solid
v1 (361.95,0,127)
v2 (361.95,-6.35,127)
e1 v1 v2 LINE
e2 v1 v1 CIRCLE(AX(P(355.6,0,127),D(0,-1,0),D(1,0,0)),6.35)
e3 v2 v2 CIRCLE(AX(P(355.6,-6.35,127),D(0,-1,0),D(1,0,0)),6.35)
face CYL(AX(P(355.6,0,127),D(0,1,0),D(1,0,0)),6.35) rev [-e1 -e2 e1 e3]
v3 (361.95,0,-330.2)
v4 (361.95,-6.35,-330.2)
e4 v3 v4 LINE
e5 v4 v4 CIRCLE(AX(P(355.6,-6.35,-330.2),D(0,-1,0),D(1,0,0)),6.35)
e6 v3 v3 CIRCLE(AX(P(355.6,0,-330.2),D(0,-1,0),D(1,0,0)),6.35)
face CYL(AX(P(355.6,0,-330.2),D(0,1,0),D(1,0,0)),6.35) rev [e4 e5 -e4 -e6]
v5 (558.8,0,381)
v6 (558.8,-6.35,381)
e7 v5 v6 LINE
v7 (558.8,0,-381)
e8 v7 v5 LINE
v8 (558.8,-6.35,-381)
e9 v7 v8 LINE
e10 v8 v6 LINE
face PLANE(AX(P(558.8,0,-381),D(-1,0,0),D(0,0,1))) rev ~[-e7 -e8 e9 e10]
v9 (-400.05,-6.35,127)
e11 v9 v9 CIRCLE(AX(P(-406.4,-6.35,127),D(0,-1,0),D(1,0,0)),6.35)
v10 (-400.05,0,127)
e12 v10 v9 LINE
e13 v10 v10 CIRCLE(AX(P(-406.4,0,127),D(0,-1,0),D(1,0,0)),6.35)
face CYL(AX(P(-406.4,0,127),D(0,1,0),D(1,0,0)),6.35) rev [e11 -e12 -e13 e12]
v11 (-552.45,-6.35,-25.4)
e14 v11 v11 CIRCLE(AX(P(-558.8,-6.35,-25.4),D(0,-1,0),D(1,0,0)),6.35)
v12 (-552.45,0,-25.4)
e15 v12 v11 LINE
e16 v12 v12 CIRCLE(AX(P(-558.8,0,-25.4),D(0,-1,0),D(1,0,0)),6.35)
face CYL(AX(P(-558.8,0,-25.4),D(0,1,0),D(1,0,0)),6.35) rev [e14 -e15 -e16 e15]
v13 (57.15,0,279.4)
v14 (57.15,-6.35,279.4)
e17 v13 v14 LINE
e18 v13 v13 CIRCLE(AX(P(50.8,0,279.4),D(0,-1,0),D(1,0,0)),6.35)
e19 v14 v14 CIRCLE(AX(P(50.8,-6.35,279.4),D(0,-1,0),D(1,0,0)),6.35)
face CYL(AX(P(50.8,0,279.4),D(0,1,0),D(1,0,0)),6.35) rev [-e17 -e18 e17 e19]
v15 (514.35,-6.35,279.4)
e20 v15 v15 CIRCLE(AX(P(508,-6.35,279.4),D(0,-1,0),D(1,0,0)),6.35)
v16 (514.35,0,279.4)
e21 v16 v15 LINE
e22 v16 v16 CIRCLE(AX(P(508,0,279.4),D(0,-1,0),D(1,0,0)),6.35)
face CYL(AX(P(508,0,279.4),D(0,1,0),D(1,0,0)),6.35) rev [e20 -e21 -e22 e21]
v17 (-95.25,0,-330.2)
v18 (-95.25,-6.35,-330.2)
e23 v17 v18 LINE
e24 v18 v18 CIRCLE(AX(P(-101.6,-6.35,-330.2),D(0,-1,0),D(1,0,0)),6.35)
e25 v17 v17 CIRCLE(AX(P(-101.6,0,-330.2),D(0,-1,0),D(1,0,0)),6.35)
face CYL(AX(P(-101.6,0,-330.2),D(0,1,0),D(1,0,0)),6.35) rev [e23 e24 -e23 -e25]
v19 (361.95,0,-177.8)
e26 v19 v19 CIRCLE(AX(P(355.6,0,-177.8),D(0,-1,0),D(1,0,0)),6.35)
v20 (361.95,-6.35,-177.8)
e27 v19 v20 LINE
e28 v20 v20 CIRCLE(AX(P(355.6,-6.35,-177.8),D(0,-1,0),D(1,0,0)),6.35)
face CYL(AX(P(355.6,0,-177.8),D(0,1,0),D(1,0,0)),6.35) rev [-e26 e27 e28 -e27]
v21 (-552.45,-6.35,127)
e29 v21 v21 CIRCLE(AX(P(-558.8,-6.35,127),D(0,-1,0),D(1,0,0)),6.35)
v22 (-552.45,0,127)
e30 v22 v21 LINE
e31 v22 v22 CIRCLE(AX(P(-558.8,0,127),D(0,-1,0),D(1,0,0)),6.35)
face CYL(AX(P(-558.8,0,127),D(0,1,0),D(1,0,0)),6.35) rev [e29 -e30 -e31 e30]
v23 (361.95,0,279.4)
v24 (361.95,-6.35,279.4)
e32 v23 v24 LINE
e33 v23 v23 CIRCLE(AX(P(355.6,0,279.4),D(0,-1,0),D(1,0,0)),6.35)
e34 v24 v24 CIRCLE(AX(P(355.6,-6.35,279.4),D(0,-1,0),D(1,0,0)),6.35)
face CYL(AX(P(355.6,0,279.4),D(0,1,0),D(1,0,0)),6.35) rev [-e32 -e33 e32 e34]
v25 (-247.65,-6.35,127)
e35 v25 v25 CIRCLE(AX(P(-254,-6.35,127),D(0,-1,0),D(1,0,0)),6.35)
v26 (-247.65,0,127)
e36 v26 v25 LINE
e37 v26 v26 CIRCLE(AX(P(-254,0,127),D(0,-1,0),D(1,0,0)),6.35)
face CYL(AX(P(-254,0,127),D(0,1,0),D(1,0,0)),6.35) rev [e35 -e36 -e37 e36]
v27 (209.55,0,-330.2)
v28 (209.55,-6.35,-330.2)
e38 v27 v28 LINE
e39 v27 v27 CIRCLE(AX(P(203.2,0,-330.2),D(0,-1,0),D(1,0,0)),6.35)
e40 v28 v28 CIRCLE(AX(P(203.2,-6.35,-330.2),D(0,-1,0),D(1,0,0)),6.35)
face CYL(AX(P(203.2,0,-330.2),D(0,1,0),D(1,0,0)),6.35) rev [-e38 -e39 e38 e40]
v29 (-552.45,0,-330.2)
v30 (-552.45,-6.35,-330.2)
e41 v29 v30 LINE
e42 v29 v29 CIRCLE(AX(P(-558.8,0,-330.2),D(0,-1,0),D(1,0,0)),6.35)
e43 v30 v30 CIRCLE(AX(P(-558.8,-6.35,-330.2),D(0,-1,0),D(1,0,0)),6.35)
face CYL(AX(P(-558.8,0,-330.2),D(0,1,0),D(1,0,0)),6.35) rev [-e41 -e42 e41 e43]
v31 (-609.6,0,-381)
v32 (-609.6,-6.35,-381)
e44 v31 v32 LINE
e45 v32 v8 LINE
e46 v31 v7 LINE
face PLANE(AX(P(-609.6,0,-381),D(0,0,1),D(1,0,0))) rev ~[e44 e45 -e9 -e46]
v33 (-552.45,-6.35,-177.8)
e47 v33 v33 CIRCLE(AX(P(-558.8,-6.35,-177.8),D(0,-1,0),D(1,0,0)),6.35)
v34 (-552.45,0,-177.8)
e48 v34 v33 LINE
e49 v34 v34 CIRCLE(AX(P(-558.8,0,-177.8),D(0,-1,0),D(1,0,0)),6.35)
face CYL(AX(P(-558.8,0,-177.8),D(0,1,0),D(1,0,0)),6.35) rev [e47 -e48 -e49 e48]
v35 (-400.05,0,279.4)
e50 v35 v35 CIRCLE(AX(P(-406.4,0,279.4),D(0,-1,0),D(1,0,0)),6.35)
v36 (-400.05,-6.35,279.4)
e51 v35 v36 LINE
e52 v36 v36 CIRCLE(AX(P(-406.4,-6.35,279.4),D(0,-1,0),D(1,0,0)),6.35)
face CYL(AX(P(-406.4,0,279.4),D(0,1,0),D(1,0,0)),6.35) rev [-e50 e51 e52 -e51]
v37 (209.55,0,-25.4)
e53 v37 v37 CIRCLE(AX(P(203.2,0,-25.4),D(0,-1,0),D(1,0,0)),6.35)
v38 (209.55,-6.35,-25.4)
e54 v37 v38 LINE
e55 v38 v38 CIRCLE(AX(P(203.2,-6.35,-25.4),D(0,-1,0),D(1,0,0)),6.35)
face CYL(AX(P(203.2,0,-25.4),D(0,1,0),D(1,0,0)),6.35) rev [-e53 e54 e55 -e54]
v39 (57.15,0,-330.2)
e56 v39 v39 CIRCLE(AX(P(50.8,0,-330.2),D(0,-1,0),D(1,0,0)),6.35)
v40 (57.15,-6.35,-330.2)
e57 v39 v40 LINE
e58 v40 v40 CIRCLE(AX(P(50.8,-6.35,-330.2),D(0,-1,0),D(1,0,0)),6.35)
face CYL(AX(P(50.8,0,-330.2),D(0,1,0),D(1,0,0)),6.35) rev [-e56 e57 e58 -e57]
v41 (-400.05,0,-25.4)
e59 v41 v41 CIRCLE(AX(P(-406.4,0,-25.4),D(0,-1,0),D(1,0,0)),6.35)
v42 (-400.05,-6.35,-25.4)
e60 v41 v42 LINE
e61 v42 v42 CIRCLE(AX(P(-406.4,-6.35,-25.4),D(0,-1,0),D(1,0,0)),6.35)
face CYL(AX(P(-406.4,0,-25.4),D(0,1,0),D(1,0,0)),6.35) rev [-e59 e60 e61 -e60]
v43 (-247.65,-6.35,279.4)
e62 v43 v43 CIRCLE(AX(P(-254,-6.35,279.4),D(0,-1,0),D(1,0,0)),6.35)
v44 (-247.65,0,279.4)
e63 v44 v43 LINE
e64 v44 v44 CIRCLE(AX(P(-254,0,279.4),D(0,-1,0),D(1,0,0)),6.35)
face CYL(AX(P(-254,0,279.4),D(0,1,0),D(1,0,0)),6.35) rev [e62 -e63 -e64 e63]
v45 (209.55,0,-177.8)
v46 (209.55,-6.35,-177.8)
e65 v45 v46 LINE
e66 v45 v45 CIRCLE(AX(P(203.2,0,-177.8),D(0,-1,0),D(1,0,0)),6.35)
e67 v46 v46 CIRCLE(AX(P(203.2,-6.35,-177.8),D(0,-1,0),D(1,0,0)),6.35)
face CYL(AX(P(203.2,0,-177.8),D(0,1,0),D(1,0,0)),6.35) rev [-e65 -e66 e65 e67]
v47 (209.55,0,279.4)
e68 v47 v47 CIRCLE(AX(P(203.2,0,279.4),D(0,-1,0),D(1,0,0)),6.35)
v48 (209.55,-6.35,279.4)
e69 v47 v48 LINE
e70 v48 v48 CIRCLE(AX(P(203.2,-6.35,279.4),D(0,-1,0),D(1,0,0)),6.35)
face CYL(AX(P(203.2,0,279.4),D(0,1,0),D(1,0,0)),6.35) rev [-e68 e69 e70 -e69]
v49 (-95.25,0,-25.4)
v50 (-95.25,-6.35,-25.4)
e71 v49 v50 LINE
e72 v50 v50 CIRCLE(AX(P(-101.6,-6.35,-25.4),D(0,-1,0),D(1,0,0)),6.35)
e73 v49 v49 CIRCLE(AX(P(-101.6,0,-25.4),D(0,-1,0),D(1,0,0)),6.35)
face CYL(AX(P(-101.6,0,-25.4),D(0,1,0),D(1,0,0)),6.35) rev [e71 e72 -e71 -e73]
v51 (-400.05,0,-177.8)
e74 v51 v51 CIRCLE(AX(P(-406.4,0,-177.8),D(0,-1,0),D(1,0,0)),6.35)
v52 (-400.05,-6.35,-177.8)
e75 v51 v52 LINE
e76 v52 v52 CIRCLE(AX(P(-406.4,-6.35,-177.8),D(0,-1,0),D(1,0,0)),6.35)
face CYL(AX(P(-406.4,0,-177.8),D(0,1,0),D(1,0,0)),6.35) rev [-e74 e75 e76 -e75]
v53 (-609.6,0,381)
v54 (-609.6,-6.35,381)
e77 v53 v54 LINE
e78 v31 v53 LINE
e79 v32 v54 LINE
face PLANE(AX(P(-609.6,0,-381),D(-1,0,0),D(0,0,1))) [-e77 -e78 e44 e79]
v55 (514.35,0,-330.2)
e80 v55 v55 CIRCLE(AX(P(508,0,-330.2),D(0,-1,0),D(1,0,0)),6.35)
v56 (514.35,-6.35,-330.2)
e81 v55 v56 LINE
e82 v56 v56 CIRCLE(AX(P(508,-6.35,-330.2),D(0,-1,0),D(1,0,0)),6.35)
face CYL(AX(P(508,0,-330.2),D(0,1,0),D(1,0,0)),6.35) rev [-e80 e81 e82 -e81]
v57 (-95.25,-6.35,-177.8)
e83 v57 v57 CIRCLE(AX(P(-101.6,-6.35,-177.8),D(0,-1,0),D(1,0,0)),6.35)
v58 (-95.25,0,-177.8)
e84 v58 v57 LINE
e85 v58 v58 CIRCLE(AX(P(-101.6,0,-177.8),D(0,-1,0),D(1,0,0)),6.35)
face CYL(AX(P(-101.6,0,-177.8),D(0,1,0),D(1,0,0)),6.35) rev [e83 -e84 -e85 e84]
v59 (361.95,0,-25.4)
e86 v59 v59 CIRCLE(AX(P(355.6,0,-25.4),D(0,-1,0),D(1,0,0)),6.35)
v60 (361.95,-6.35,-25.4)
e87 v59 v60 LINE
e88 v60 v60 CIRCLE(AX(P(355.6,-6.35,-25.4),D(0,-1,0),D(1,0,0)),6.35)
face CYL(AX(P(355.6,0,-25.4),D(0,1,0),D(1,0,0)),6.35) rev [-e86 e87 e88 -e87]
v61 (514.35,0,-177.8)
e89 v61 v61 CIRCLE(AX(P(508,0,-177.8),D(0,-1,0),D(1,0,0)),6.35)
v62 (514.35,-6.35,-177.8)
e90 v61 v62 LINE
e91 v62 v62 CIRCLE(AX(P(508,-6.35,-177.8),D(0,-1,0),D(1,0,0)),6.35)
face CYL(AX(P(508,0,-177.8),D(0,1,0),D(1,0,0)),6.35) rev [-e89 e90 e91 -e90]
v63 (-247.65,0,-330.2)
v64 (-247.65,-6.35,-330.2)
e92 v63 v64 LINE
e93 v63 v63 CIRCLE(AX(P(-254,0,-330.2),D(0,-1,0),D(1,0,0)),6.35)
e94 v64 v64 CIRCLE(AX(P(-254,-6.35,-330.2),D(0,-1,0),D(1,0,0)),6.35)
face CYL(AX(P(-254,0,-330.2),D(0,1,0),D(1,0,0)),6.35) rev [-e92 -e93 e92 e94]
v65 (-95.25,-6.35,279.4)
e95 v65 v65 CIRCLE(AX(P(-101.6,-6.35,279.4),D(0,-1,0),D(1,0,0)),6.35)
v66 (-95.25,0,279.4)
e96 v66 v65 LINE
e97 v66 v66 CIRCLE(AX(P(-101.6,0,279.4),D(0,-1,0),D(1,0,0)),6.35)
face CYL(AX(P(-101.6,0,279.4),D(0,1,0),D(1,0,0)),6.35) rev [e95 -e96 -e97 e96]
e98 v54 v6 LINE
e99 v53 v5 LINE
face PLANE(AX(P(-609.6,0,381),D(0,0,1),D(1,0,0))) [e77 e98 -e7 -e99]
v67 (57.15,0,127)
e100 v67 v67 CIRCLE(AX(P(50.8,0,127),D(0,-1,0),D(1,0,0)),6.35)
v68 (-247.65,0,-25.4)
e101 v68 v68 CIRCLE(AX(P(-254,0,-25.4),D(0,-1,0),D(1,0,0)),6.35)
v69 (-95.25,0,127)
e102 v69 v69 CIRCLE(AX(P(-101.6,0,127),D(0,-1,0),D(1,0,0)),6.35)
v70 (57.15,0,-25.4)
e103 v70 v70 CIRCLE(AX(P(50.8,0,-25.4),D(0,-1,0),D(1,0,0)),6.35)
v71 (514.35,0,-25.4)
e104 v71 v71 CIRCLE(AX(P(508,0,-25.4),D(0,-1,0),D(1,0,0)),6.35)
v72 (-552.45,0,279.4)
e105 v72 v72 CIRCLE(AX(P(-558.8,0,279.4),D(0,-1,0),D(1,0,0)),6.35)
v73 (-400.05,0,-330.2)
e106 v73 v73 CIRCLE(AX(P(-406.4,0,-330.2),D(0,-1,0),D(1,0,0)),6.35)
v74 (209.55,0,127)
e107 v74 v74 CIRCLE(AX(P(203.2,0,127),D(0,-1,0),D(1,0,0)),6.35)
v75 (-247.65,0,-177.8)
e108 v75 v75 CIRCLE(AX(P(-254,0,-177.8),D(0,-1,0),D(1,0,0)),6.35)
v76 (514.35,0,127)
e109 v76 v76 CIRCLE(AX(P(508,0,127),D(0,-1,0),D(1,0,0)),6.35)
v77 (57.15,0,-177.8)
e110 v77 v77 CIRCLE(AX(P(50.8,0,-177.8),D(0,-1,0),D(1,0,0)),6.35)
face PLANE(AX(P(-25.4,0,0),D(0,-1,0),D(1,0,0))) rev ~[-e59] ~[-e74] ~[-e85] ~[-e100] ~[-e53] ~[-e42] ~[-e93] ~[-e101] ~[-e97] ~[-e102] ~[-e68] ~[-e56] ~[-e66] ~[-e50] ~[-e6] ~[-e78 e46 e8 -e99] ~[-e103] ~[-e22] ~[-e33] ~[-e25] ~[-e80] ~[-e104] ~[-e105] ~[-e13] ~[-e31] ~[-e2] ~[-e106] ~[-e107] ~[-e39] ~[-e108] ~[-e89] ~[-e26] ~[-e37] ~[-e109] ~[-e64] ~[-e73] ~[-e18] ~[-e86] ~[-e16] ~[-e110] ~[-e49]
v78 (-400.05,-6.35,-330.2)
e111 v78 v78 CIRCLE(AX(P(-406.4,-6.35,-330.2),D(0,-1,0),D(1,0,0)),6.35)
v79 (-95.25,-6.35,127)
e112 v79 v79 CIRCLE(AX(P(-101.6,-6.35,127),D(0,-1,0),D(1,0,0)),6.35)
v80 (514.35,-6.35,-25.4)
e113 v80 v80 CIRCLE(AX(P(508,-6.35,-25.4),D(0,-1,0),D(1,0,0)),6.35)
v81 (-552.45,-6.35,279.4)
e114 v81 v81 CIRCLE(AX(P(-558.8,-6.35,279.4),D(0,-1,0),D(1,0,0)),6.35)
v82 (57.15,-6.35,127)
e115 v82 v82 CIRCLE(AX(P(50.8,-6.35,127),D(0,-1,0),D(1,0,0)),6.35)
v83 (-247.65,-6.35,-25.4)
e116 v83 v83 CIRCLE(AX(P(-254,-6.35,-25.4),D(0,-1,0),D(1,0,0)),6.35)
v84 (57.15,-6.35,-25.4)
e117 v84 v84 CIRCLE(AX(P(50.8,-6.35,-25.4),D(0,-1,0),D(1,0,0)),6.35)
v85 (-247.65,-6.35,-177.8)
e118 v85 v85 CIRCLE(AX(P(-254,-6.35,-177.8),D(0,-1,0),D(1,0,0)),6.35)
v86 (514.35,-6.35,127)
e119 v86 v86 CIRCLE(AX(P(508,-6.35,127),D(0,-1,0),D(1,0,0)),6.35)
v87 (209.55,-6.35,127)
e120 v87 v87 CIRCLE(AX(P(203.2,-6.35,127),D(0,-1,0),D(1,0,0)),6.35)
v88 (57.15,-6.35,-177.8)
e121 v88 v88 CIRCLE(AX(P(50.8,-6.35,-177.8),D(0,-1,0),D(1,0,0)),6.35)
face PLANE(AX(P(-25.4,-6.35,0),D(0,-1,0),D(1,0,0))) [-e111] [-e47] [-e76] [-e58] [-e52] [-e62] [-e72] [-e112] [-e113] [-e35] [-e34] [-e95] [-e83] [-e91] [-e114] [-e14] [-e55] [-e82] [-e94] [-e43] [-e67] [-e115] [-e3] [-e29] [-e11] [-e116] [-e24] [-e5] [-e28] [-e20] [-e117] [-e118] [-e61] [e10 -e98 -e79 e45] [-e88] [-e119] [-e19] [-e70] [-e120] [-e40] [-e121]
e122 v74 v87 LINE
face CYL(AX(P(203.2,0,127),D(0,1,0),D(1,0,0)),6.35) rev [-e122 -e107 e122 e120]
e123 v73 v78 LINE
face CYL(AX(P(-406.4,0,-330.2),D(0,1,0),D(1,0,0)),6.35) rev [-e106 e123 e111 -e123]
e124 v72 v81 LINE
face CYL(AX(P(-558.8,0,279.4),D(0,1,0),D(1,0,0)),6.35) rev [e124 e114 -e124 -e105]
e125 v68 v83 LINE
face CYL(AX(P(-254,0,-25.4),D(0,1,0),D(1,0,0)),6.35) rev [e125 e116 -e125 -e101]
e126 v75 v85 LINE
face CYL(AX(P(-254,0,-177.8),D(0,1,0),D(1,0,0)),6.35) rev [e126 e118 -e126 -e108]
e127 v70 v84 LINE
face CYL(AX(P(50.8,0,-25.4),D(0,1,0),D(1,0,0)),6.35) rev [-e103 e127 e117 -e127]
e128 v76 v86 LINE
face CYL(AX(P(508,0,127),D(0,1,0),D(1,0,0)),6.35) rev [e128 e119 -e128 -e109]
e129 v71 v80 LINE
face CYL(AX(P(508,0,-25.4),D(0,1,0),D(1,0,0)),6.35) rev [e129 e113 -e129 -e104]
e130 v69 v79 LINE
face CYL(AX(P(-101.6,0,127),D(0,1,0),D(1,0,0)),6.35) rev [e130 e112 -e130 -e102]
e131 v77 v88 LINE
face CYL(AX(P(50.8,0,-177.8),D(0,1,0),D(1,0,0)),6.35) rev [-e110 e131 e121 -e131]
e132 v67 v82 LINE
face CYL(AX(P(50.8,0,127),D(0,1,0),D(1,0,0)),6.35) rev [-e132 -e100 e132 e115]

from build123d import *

# Parameters (mm, degrees)
F0_W     = 1168.4
F0_H     = 762
F0_R     = 6.35
F1_DEPTH = 6.35


with BuildPart() as f1:
    # F0 (on Front) → F1 (new body)
    with BuildSketch(Plane.XZ):
        with Locations((-25.4, 0)):
            Rectangle(F0_W, F0_H)
        with Locations((-558.8, -330.2)):
            Circle(F0_R, mode=Mode.SUBTRACT)
        with Locations((-406.4, -330.2)):
            Circle(F0_R, mode=Mode.SUBTRACT)
        with Locations((-254, -330.2)):
            Circle(F0_R, mode=Mode.SUBTRACT)
        with Locations((-101.6, -330.2)):
            Circle(F0_R, mode=Mode.SUBTRACT)
        with Locations((-558.8, -177.8)):
            Circle(F0_R, mode=Mode.SUBTRACT)
        with Locations((-406.4, -177.8)):
            Circle(F0_R, mode=Mode.SUBTRACT)
        with Locations((-558.8, -25.4)):
            Circle(F0_R, mode=Mode.SUBTRACT)
        with Locations((-406.4, -25.4)):
            Circle(F0_R, mode=Mode.SUBTRACT)
        with Locations((-254, -177.8)):
            Circle(F0_R, mode=Mode.SUBTRACT)
        with Locations((-101.6, -177.8)):
            Circle(F0_R, mode=Mode.SUBTRACT)
        with Locations((-254, -25.4)):
            Circle(F0_R, mode=Mode.SUBTRACT)
        with Locations((-101.6, -25.4)):
            Circle(F0_R, mode=Mode.SUBTRACT)
        with Locations((50.8, -330.2)):
            Circle(F0_R, mode=Mode.SUBTRACT)
        with Locations((203.2, -330.2)):
            Circle(F0_R, mode=Mode.SUBTRACT)
        with Locations((355.6, -330.2)):
            Circle(F0_R, mode=Mode.SUBTRACT)
        with Locations((508, -330.2)):
            Circle(F0_R, mode=Mode.SUBTRACT)
        with Locations((50.8, -177.8)):
            Circle(F0_R, mode=Mode.SUBTRACT)
        with Locations((203.2, -177.8)):
            Circle(F0_R, mode=Mode.SUBTRACT)
        with Locations((50.8, -25.4)):
            Circle(F0_R, mode=Mode.SUBTRACT)
        with Locations((203.2, -25.4)):
            Circle(F0_R, mode=Mode.SUBTRACT)
        with Locations((355.6, -177.8)):
            Circle(F0_R, mode=Mode.SUBTRACT)
        with Locations((508, -177.8)):
            Circle(F0_R, mode=Mode.SUBTRACT)
        with Locations((355.6, -25.4)):
            Circle(F0_R, mode=Mode.SUBTRACT)
        with Locations((508, -25.4)):
            Circle(F0_R, mode=Mode.SUBTRACT)
        with Locations((-558.8, 127)):
            Circle(F0_R, mode=Mode.SUBTRACT)
        with Locations((-406.4, 127)):
            Circle(F0_R, mode=Mode.SUBTRACT)
        with Locations((-254, 127)):
            Circle(F0_R, mode=Mode.SUBTRACT)
        with Locations((-101.6, 127)):
            Circle(F0_R, mode=Mode.SUBTRACT)
        with Locations((-558.8, 279.4)):
            Circle(F0_R, mode=Mode.SUBTRACT)
        with Locations((-406.4, 279.4)):
            Circle(F0_R, mode=Mode.SUBTRACT)
        with Locations((-254, 279.4)):
            Circle(F0_R, mode=Mode.SUBTRACT)
        with Locations((-101.6, 279.4)):
            Circle(F0_R, mode=Mode.SUBTRACT)
        with Locations((50.8, 127)):
            Circle(F0_R, mode=Mode.SUBTRACT)
        with Locations((203.2, 127)):
            Circle(F0_R, mode=Mode.SUBTRACT)
        with Locations((355.6, 127)):
            Circle(F0_R, mode=Mode.SUBTRACT)
        with Locations((508, 127)):
            Circle(F0_R, mode=Mode.SUBTRACT)
        with Locations((50.8, 279.4)):
            Circle(F0_R, mode=Mode.SUBTRACT)
        with Locations((203.2, 279.4)):
            Circle(F0_R, mode=Mode.SUBTRACT)
        with Locations((355.6, 279.4)):
            Circle(F0_R, mode=Mode.SUBTRACT)
        with Locations((508, 279.4)):
            Circle(F0_R, mode=Mode.SUBTRACT)
    extrude(amount=F1_DEPTH)


solid = f1.part
